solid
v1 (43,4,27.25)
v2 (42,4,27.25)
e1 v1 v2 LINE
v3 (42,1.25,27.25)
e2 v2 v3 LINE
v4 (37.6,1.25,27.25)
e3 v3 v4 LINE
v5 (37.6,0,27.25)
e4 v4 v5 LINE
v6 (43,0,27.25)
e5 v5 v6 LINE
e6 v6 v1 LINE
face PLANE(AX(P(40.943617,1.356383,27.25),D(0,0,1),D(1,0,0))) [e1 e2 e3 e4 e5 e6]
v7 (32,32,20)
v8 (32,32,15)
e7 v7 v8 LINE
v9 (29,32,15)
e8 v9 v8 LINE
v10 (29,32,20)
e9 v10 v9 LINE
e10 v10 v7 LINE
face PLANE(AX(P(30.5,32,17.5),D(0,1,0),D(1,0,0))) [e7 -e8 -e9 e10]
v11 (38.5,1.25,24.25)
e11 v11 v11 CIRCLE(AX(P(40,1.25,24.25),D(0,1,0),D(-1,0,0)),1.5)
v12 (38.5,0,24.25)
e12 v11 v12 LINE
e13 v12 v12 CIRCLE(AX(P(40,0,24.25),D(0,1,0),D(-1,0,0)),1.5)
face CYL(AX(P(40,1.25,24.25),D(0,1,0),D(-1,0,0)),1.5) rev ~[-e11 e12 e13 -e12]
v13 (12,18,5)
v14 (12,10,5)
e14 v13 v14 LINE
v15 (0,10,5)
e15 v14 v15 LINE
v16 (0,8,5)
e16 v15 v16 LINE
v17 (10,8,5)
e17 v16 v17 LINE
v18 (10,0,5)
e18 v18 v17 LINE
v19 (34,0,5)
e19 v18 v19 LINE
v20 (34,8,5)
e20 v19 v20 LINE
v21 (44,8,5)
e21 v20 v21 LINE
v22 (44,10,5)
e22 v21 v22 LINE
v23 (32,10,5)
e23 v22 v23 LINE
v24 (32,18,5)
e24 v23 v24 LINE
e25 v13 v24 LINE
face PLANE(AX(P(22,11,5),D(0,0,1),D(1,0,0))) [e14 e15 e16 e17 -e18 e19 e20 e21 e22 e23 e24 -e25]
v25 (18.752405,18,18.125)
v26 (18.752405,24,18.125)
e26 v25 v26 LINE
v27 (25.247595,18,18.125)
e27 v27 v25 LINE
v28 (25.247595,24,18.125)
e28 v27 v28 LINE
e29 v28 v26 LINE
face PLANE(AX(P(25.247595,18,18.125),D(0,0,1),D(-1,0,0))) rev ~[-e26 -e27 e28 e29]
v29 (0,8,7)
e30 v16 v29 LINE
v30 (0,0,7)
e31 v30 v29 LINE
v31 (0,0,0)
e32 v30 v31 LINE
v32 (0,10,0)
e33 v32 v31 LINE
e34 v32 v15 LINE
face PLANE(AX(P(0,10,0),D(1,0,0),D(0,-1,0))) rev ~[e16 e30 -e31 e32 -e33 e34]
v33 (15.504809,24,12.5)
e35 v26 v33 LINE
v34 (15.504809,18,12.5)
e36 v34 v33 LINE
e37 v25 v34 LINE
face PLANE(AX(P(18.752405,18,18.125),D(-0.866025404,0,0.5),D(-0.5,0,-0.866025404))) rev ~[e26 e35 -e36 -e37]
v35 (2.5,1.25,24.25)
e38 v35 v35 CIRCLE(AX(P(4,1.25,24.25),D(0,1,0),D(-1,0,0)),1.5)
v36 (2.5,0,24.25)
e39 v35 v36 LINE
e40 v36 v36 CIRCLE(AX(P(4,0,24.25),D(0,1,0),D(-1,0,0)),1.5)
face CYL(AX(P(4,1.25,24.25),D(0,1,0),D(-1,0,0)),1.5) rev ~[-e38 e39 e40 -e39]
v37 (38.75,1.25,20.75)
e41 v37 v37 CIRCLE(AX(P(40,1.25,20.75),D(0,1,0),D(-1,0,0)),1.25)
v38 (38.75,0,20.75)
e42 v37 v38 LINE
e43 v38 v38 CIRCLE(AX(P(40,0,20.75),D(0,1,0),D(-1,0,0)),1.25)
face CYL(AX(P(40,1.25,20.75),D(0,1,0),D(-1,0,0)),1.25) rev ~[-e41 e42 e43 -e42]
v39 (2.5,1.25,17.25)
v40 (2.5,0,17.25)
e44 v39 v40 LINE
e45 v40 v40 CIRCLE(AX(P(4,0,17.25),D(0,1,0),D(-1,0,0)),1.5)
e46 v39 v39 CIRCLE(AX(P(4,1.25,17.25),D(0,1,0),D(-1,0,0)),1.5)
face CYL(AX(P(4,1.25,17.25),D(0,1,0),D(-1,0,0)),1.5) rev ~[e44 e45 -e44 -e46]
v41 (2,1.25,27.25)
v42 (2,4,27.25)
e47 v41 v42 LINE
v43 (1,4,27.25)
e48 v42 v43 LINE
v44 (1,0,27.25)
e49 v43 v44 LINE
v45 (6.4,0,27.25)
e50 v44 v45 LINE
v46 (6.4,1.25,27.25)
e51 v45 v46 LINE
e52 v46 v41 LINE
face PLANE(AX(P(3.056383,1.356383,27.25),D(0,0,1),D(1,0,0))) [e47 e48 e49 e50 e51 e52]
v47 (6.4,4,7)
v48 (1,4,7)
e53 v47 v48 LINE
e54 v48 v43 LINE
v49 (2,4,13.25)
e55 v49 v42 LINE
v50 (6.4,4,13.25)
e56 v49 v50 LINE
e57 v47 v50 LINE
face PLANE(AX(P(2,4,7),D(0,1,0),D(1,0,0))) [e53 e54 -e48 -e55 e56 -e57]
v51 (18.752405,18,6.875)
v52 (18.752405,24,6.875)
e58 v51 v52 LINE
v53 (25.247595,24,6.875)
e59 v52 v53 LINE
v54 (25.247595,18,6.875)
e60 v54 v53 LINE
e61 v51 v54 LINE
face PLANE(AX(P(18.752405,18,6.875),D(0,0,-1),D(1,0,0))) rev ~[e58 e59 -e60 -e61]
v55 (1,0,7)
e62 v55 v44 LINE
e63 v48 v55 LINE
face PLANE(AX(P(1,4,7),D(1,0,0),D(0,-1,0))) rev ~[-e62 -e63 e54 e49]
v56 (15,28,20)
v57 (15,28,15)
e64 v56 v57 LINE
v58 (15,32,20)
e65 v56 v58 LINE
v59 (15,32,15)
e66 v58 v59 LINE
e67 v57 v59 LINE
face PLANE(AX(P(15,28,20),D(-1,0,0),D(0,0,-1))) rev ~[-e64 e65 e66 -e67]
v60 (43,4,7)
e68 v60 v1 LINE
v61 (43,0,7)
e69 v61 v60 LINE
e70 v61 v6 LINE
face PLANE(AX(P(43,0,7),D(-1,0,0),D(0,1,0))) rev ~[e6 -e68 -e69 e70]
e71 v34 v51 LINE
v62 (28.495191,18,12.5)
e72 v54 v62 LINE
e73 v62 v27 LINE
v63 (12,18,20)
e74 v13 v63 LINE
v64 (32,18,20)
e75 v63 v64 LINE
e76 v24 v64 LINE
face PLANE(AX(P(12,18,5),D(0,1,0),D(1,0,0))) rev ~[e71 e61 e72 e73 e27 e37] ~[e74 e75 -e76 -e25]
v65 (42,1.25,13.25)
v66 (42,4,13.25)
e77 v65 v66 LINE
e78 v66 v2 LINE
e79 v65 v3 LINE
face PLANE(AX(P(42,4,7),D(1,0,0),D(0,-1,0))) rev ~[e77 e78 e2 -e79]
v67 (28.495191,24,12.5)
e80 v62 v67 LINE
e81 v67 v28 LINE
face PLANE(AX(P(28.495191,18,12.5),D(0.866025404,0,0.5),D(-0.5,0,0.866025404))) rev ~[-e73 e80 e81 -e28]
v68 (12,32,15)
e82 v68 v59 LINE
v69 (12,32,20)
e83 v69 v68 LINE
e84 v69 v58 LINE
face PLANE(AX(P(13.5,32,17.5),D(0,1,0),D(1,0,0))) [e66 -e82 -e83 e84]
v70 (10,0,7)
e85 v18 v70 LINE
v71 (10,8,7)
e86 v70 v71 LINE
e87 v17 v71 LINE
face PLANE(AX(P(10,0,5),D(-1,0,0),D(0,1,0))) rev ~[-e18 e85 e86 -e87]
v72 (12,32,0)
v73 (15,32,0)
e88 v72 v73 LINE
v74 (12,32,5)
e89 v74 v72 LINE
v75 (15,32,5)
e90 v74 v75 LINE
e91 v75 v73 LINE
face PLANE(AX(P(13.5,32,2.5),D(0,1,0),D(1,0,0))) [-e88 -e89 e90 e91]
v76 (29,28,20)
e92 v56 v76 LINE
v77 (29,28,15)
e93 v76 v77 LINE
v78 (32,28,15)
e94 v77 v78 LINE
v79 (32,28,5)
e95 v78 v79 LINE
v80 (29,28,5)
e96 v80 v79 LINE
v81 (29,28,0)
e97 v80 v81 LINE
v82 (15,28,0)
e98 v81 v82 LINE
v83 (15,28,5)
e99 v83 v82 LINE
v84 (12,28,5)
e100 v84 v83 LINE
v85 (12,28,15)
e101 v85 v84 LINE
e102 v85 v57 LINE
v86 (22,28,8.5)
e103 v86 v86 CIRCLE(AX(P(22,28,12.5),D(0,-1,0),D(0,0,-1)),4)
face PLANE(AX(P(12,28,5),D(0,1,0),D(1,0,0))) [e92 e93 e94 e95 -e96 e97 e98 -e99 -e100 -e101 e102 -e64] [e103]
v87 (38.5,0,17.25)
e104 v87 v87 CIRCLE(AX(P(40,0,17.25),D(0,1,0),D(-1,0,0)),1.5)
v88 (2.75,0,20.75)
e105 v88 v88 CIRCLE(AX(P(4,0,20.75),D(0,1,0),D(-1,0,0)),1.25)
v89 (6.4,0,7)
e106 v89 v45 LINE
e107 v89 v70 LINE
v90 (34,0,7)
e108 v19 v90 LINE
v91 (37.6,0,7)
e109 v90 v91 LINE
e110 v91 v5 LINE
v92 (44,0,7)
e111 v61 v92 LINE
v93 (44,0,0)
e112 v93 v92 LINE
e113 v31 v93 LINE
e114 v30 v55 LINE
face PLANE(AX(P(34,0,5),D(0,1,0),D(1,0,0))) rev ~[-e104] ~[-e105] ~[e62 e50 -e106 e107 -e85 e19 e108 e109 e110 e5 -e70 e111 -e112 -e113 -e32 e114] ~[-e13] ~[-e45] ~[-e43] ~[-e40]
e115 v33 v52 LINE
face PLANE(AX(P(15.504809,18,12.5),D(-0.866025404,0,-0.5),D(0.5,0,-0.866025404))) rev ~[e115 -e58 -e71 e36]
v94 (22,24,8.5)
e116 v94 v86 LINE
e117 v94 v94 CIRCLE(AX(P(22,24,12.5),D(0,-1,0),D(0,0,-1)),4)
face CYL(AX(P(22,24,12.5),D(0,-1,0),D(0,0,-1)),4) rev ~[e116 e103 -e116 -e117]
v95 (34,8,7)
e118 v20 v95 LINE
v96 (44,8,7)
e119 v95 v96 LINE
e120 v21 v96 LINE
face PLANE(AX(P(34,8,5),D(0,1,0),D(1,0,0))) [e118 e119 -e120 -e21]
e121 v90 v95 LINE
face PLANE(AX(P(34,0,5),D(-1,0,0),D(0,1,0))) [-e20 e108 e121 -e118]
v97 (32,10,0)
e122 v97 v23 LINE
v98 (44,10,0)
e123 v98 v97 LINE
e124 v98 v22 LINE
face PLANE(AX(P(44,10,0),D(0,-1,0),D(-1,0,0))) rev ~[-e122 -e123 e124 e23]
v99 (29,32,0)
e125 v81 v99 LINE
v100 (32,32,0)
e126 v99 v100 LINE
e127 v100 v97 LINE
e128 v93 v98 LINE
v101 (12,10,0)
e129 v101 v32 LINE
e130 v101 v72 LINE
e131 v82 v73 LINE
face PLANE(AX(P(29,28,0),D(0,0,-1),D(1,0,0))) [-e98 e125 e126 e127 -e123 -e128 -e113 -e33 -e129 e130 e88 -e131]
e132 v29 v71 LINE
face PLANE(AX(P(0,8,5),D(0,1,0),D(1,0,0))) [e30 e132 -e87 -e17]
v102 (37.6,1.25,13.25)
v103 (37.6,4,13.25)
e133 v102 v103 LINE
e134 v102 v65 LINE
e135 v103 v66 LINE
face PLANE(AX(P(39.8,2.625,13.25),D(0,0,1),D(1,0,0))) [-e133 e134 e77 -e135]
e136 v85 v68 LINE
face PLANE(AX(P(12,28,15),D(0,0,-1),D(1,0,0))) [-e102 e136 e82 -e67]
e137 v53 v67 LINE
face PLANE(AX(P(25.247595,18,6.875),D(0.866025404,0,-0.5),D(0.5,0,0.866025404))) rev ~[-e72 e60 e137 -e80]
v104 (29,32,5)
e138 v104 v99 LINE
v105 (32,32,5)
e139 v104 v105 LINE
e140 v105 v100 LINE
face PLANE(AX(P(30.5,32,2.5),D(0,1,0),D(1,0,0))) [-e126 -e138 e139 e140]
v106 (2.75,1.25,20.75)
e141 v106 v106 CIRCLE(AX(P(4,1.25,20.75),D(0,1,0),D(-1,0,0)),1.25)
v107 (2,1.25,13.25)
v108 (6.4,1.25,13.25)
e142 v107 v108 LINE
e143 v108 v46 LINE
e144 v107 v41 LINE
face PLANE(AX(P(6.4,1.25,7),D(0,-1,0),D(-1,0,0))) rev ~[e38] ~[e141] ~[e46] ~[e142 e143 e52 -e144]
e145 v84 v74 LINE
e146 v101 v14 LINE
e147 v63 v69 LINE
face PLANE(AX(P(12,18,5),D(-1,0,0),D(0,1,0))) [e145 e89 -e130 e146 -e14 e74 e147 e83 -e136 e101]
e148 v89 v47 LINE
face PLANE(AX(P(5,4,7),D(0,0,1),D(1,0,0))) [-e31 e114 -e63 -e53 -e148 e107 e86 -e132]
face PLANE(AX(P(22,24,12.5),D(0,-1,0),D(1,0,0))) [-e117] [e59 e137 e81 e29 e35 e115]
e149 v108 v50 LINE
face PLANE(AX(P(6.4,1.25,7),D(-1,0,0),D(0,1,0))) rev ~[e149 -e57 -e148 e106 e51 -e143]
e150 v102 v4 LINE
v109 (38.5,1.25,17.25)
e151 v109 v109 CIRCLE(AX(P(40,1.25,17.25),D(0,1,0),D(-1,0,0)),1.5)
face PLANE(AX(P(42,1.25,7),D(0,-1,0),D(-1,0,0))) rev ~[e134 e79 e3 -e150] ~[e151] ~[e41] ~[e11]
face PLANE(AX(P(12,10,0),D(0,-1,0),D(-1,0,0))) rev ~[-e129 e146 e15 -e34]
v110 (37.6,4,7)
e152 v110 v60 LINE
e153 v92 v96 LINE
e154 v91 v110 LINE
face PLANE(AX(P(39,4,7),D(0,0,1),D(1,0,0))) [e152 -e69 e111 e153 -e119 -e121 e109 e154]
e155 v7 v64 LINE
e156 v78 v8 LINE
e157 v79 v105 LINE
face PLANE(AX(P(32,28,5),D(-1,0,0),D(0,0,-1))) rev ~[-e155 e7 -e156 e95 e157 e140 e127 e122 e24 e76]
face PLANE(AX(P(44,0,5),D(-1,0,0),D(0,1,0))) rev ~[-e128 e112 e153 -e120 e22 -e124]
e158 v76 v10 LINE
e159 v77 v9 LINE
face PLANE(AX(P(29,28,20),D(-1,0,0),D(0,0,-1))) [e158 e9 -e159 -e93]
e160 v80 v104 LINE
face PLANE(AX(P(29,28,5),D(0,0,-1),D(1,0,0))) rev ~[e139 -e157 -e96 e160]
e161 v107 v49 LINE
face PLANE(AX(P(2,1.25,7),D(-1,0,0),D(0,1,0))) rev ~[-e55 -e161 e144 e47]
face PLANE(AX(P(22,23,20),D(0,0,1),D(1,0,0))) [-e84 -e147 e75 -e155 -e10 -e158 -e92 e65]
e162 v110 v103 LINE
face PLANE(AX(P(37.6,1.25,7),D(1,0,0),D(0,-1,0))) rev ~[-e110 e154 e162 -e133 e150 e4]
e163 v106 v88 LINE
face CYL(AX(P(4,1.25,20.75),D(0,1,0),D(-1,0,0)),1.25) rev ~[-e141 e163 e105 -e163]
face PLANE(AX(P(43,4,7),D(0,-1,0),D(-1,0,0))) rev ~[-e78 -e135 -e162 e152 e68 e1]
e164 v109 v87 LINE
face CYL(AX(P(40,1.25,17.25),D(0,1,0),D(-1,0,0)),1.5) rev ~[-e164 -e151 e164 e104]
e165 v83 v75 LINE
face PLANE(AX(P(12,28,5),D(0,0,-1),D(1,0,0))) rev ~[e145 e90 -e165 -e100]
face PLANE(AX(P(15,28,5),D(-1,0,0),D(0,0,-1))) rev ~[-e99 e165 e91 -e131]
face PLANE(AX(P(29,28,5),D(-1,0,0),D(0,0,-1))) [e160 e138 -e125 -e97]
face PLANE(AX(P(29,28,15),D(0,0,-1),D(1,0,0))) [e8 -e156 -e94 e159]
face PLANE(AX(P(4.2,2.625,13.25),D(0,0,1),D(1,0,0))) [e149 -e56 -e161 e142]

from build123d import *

# Parameters (mm, degrees)
BOSS_EXTRUDE1_DEPTH = 5
SKETCH2_W           = 10
SKETCH2_H           = 8
BOSS_EXTRUDE2_DEPTH = 2
BOSS_EXTRUDE3_DEPTH = 20.25
SKETCH4_R           = 1.25
SKETCH4_R_2         = 1.5
CUT_EXTRUDE1_DEPTH  = 59.259119458
SKETCH6_W           = 4.4
SKETCH6_H           = 2.75
BOSS_EXTRUDE4_DEPTH = 6.25
SKETCH7_W           = 20
SKETCH7_H           = 10
BOSS_EXTRUDE5_DEPTH = 15
CUT_EXTRUDE2_DEPTH  = 6
SKETCH9_R           = 4
CUT_EXTRUDE3_DEPTH  = 58.048772993
SKETCH10_W          = 3
SKETCH10_H          = 5
BOSS_EXTRUDE6_DEPTH = 4


with BuildPart() as part:
    # Sketch1 → Boss-Extrude1 (new body)
    with BuildSketch(Plane.XY):
        Polygon((0, 0), (44, 0), (44, 10), (32, 10), (32, 28), (12, 28), (12, 10), (0, 10), align=None)
    extrude(amount=BOSS_EXTRUDE1_DEPTH)

    # Sketch2 → Boss-Extrude2 (add)
    with BuildSketch(Plane.XY.offset(5)):
        with Locations((39, 4)):
            Rectangle(SKETCH2_W, SKETCH2_H)
        with Locations((5, 4)):
            Rectangle(SKETCH2_W, SKETCH2_H)
    extrude(amount=BOSS_EXTRUDE2_DEPTH)

    # Sketch3 → Boss-Extrude3 (add)
    with BuildSketch(Plane.XY.offset(7)):
        Polygon((37.6, 0), (43, 0), (43, 4), (42, 4), (42, 1.25), (37.6, 1.25), align=None)
        Polygon((1, 0), (6.4, 0), (6.4, 1.25), (2, 1.25), (2, 4), (1, 4), align=None)
    extrude(amount=BOSS_EXTRUDE3_DEPTH)

    # Sketch4 → Cut-Extrude1 (cut, through all)
    with BuildSketch(Plane(origin=(0, 1.25, 0), x_dir=(1, 0, 0), z_dir=(0, 1, 0))):
        with Locations(Location((40, -20.75, 0), (0, 0, 180))):
            Circle(SKETCH4_R)
        with Locations(Location((40, -24.25, 0), (0, 0, 180))):
            Circle(SKETCH4_R_2)
        with Locations(Location((4, -24.25, 0), (0, 0, 180))):
            Circle(SKETCH4_R_2)
        with Locations(Location((4, -17.25, 0), (0, 0, 180))):
            Circle(SKETCH4_R_2)
        with Locations(Location((4, -20.75, 0), (0, 0, 180))):
            Circle(SKETCH4_R)
        with Locations(Location((40, -17.25, 0), (0, 0, 180))):
            Circle(SKETCH4_R_2)
    extrude(amount=-CUT_EXTRUDE1_DEPTH, mode=Mode.SUBTRACT)

    # Sketch6 → Boss-Extrude4 (add)
    with BuildSketch(Plane.XY.offset(7)):
        with Locations((4.2, 2.625)):
            Rectangle(SKETCH6_W, SKETCH6_H)
        with Locations((39.8, 2.625)):
            Rectangle(SKETCH6_W, SKETCH6_H)
    extrude(amount=BOSS_EXTRUDE4_DEPTH)

    # Sketch7 → Boss-Extrude5 (add)
    with BuildSketch(Plane.XY.offset(5)):
        with Locations((22, 23)):
            Rectangle(SKETCH7_W, SKETCH7_H)
    extrude(amount=BOSS_EXTRUDE5_DEPTH)

    # Sketch8 → Cut-Extrude2 (cut)
    with BuildSketch(Plane.XZ.offset(-18)):
        Polygon((28.495190528, 12.5), (25.247595264, 18.125), (18.752404736, 18.125), (15.504809472, 12.5), (18.752404736, 6.875), (25.247595264, 6.875), align=None)
    extrude(amount=-CUT_EXTRUDE2_DEPTH, mode=Mode.SUBTRACT)

    # Sketch9 → Cut-Extrude3 (cut, through all)
    with BuildSketch(Plane.XZ.offset(-24)):
        with Locations(Location((22, 12.5, 0), (0, 0, 270))):
            Circle(SKETCH9_R)
    extrude(amount=-CUT_EXTRUDE3_DEPTH, mode=Mode.SUBTRACT)

    # Sketch10 → Boss-Extrude6 (add)
    with BuildSketch(Plane(origin=(0, 28, 0), x_dir=(1, 0, 0), z_dir=(0, 1, 0))):
        with Locations((30.5, -2.5)):
            Rectangle(SKETCH10_W, SKETCH10_H)
        with Locations((30.5, -17.5)):
            Rectangle(SKETCH10_W, SKETCH10_H)
        with Locations((13.5, -2.5)):
            Rectangle(SKETCH10_W, SKETCH10_H)
        with Locations((13.5, -17.5)):
            Rectangle(SKETCH10_W, SKETCH10_H)
    extrude(amount=BOSS_EXTRUDE6_DEPTH)


solid = part.part
